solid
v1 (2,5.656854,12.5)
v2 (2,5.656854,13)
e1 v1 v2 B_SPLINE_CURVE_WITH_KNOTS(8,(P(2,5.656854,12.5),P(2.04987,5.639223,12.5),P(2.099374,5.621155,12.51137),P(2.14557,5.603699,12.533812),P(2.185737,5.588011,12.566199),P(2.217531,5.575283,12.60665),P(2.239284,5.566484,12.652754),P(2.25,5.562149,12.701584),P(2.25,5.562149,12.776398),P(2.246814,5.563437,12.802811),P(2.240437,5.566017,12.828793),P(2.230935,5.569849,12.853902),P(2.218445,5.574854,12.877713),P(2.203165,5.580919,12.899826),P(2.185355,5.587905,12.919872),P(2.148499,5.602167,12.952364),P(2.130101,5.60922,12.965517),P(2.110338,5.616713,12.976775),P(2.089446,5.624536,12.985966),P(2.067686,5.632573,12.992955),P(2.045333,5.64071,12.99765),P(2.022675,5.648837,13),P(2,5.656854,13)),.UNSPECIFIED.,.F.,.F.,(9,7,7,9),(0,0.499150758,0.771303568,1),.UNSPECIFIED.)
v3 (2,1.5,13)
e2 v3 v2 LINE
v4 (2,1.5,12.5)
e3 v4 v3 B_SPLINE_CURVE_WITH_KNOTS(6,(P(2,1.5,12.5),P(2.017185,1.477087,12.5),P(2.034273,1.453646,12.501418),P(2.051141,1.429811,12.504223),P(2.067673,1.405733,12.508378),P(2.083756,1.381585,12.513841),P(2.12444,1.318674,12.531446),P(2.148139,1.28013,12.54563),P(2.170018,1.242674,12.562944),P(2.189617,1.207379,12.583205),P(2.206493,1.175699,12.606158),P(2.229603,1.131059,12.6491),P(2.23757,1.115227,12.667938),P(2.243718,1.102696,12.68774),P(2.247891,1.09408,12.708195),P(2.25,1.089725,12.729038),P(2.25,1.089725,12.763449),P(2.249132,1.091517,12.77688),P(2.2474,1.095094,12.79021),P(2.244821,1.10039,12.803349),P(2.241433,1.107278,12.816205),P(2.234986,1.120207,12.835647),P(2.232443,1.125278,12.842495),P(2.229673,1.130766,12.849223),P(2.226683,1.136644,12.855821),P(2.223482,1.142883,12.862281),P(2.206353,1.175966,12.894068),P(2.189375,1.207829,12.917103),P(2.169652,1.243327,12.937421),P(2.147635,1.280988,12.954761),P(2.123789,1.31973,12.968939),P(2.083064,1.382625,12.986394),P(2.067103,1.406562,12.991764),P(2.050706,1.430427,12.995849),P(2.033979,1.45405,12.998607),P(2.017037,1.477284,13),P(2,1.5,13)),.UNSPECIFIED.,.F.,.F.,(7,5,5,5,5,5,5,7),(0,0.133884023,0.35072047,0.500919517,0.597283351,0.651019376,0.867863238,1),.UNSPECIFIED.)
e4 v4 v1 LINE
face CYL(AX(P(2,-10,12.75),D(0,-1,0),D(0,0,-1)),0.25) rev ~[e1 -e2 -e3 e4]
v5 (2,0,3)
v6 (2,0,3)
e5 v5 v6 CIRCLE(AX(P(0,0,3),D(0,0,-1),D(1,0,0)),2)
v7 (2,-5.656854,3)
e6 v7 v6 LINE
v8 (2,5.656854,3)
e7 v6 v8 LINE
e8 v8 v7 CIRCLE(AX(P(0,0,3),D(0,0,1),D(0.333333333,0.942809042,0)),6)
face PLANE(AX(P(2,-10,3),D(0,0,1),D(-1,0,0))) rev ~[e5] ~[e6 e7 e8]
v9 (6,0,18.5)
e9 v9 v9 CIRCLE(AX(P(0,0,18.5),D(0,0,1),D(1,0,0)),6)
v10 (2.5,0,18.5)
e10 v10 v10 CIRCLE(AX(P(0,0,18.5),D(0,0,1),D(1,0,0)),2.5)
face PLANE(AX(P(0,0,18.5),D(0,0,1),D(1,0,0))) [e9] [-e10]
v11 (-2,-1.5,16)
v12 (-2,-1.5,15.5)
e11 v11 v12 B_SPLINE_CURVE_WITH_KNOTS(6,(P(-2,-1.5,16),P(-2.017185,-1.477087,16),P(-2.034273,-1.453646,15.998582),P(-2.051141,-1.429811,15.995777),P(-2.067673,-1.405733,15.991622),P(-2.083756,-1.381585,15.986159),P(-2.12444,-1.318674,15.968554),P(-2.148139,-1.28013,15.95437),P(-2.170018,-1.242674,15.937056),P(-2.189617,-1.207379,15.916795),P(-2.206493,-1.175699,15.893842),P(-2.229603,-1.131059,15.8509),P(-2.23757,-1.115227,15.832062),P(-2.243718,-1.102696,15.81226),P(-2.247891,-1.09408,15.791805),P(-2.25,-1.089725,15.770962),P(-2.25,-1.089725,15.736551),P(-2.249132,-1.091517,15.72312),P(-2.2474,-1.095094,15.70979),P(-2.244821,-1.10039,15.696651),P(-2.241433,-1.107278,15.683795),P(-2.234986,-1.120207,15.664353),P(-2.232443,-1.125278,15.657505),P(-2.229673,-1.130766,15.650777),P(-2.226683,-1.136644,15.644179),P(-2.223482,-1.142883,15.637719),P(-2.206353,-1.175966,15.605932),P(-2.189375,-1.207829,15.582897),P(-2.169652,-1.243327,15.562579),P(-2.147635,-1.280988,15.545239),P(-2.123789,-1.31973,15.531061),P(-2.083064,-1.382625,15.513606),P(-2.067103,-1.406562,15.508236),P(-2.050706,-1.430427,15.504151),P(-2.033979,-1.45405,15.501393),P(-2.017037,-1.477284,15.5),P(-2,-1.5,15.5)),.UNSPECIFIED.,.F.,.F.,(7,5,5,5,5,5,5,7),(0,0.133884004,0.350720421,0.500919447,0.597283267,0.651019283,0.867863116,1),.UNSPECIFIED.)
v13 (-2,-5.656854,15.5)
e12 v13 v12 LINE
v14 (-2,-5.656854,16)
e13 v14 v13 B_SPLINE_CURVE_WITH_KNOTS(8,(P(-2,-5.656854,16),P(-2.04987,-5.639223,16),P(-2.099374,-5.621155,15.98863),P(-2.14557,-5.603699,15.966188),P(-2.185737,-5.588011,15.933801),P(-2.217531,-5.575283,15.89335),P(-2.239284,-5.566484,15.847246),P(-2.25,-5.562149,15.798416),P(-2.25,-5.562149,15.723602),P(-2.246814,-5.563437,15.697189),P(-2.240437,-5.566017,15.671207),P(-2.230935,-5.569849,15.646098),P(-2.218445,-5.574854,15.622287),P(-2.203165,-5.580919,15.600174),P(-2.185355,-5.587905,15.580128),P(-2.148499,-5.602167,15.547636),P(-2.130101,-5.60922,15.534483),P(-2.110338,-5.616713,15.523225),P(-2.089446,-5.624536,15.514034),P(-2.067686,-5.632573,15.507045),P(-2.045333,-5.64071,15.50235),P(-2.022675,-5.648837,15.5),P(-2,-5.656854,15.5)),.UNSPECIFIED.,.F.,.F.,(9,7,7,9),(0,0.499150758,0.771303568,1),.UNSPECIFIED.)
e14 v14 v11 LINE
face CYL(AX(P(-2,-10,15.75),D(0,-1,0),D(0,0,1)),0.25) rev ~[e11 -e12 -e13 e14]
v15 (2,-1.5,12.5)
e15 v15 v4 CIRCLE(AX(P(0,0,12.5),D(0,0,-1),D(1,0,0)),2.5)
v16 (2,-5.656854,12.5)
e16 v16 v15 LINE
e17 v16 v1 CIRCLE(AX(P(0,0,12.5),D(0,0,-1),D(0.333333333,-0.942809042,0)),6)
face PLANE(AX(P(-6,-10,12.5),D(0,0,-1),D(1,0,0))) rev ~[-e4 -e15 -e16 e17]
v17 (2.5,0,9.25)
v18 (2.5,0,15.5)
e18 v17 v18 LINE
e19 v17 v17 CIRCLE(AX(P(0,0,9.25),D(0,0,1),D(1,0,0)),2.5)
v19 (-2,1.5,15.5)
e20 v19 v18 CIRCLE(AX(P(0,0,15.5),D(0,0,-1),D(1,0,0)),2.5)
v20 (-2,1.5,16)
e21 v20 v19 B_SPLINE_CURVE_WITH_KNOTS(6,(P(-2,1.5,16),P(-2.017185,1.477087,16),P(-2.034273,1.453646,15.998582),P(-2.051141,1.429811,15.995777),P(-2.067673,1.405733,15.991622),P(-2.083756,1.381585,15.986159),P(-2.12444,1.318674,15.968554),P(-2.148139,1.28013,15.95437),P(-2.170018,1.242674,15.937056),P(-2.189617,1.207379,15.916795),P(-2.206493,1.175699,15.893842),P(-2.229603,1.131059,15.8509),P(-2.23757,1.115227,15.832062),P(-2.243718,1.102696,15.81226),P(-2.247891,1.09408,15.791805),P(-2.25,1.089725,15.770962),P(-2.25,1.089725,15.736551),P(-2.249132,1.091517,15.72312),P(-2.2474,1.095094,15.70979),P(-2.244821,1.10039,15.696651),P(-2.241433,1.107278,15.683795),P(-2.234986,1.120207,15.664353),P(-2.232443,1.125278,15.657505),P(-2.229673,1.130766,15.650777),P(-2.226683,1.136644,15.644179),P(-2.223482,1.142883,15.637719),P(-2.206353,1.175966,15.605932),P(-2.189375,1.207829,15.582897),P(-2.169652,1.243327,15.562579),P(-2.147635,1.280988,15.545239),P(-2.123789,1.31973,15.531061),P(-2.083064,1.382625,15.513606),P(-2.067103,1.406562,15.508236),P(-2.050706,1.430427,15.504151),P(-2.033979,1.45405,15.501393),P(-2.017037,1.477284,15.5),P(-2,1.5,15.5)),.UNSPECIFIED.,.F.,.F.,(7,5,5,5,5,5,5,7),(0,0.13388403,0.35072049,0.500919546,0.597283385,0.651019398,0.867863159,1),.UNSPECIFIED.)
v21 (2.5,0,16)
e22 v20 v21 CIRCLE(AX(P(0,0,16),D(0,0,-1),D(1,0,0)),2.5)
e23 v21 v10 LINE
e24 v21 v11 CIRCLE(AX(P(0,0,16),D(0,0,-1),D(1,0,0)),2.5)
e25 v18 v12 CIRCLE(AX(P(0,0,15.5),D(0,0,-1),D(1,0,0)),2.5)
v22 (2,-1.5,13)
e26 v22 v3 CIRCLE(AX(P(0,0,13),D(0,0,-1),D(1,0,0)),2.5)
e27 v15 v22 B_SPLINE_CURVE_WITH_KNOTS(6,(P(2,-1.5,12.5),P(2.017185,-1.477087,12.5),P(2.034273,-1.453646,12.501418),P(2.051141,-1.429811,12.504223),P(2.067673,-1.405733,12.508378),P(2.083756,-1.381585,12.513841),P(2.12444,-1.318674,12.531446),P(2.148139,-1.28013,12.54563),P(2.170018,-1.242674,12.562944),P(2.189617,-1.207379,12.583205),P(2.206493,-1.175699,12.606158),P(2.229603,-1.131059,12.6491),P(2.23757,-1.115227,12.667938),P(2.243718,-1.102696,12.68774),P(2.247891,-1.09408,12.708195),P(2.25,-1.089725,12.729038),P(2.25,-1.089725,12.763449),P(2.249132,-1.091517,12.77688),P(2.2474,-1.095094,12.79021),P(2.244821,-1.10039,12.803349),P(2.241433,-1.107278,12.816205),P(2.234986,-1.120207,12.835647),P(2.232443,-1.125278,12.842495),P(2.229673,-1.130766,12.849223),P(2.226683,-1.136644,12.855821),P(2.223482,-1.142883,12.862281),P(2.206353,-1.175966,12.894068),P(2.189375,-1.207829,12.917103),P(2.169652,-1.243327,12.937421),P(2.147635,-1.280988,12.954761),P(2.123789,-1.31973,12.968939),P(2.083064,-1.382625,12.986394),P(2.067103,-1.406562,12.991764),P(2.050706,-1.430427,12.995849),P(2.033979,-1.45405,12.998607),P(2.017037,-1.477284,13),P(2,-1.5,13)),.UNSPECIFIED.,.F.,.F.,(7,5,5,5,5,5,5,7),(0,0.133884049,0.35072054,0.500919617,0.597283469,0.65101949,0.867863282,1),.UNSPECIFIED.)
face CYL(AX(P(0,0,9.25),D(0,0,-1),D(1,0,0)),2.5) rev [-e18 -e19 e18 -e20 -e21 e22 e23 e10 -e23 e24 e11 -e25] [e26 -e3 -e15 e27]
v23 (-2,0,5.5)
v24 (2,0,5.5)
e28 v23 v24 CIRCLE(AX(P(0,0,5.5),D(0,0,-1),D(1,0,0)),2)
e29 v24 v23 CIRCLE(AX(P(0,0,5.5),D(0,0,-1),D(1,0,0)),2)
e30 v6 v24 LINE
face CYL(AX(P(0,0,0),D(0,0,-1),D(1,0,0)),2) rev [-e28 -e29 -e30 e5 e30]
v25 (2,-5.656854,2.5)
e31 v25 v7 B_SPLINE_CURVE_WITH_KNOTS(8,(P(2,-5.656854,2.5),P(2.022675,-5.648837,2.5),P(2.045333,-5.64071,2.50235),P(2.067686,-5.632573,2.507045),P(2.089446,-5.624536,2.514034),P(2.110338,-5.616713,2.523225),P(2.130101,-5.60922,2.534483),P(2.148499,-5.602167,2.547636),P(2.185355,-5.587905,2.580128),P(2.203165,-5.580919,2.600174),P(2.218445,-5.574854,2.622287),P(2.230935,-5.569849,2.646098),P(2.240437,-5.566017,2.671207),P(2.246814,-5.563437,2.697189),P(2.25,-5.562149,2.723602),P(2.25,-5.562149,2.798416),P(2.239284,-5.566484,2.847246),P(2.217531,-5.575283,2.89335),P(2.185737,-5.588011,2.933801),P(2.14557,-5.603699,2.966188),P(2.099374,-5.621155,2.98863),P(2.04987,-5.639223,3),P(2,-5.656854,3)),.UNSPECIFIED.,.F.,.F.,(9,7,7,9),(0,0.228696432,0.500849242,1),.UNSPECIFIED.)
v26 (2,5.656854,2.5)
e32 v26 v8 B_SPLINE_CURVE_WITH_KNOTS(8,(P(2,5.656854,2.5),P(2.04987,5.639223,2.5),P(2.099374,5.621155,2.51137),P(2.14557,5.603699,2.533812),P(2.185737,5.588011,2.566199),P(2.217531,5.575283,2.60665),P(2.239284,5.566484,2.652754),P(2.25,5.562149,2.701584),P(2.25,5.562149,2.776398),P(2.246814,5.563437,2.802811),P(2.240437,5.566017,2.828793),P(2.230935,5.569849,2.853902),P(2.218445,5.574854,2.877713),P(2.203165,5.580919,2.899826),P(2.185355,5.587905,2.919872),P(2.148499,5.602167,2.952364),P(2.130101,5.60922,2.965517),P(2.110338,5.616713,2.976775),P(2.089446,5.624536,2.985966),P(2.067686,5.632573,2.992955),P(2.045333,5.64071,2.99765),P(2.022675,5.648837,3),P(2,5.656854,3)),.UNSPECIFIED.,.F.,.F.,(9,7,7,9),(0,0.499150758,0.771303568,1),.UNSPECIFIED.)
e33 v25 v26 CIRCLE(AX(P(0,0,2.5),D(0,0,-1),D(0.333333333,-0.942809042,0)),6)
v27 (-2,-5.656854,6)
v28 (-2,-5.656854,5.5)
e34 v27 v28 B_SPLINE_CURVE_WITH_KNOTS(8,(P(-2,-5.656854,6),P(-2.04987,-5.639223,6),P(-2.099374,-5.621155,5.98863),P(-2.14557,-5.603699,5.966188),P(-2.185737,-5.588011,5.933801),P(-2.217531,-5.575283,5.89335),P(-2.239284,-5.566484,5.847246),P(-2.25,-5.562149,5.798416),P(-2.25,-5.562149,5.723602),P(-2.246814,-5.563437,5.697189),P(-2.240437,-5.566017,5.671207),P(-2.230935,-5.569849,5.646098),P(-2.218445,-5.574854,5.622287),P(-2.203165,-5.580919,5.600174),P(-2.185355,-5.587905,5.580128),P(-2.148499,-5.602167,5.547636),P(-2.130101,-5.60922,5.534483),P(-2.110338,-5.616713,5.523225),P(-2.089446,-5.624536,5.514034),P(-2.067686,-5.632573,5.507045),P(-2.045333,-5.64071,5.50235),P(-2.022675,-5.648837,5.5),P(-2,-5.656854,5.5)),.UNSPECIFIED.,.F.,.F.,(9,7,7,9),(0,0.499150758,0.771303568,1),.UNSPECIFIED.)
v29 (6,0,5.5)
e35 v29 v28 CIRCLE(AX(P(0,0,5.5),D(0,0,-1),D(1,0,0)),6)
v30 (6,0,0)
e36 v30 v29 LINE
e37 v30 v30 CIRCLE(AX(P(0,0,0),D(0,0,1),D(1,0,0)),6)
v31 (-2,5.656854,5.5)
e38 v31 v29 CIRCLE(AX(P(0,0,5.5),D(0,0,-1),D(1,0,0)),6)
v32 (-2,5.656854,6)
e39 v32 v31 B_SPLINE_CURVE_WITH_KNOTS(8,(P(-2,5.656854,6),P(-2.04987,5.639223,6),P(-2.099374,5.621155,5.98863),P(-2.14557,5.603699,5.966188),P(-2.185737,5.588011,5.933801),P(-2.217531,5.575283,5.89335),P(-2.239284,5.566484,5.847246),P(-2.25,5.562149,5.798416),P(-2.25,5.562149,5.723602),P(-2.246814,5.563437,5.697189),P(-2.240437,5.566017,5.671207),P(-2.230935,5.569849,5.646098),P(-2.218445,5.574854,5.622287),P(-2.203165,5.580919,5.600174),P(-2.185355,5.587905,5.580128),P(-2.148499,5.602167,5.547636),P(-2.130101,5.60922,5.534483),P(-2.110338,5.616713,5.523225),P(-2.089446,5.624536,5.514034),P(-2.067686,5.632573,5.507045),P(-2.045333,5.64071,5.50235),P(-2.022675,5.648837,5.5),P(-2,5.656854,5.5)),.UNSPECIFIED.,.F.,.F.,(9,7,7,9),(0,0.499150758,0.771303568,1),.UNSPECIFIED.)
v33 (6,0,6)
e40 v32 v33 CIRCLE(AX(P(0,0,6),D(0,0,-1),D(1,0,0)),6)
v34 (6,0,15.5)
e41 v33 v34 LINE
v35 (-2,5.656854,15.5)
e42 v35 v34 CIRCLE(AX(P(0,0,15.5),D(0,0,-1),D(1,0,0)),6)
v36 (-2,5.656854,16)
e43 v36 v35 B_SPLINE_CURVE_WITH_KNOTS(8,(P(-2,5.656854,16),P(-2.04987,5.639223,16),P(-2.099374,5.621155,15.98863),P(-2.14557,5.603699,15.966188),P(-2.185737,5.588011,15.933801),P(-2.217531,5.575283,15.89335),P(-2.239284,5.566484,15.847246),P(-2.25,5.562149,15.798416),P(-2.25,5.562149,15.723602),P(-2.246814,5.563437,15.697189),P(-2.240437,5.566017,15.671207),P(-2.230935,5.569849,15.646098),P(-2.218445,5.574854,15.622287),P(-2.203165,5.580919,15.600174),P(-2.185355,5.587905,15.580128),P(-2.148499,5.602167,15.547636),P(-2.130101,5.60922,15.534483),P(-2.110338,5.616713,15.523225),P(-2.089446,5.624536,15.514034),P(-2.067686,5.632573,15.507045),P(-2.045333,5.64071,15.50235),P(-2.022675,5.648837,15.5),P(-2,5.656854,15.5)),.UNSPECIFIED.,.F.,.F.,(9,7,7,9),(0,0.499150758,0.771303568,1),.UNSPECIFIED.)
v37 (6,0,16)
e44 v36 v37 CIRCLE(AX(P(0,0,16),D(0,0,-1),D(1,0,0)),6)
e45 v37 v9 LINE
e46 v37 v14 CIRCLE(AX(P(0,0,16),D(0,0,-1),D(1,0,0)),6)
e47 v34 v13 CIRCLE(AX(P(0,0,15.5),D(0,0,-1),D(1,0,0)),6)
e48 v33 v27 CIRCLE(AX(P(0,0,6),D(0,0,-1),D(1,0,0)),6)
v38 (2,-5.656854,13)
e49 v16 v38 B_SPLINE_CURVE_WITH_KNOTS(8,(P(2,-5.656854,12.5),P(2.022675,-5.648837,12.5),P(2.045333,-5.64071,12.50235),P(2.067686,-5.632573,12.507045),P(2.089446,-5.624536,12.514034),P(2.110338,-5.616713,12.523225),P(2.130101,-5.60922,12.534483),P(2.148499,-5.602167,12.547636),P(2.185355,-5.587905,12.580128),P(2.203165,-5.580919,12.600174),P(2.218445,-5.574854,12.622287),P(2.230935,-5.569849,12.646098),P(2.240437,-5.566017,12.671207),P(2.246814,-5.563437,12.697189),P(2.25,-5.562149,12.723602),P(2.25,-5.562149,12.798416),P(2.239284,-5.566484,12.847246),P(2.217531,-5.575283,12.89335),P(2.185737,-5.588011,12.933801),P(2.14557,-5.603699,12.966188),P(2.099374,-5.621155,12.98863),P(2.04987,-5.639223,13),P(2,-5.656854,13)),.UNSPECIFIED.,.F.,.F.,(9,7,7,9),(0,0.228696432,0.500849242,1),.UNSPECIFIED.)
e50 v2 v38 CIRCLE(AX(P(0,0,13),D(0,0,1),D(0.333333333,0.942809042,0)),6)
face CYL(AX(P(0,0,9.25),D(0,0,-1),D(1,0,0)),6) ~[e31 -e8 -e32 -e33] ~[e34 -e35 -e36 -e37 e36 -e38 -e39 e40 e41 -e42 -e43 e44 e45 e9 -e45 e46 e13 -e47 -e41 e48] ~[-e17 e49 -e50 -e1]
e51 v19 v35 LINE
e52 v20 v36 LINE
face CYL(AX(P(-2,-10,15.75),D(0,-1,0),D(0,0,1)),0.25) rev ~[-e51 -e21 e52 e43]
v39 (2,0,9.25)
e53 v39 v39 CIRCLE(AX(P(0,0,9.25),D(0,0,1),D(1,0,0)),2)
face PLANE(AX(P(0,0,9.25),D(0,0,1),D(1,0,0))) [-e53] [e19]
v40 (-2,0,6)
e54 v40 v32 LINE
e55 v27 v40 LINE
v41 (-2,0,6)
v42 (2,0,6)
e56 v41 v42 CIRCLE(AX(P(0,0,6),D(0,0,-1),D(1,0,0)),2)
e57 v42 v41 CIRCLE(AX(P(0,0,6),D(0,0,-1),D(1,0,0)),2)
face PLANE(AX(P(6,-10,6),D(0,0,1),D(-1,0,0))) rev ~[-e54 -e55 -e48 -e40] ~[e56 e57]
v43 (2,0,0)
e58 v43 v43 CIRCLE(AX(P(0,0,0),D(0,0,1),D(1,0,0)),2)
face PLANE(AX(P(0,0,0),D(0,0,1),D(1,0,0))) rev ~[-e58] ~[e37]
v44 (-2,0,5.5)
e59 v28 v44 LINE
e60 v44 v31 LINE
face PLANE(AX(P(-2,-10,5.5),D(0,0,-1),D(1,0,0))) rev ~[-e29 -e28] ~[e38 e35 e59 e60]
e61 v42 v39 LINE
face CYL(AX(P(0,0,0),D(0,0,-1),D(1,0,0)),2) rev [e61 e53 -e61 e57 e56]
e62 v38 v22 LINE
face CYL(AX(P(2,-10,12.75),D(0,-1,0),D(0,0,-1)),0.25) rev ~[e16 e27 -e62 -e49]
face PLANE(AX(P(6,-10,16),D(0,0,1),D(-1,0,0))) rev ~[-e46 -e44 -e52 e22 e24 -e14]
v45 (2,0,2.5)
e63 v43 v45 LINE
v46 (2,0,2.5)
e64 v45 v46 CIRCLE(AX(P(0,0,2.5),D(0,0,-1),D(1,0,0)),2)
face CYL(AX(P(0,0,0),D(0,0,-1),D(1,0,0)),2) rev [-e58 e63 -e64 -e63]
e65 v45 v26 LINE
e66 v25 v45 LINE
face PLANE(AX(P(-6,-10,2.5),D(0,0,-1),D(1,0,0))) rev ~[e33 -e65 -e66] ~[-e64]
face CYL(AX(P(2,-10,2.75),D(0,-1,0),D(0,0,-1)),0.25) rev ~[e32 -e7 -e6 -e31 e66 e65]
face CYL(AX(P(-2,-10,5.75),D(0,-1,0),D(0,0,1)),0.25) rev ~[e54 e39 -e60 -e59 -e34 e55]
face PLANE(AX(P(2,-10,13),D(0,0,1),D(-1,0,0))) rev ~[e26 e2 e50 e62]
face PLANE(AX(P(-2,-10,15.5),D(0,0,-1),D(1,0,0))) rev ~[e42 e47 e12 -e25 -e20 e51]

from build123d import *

# Parameters (mm, degrees)
SKETCH_1_R               = 6
SKETCH_1_R_2             = 2
EXTRUDE_1_DEPTH          = 9.25
SKETCH_2_R               = 6
SKETCH_2_R_2             = 2.5
EXTRUDE_2_DEPTH          = 9.25
CUT_EXTRUDE_1_DEPTH      = 10
CUT_EXTRUDE_1_DEPTH_BACK = 10


with BuildPart() as part:
    # 스케치1 → 보스-돌출1 (new body)
    with BuildSketch(Plane.XY):
        Circle(SKETCH_1_R)
        Circle(SKETCH_1_R_2, mode=Mode.SUBTRACT)
    extrude(amount=EXTRUDE_1_DEPTH)

    # 스케치2 → 보스-돌출2 (add)
    with BuildSketch(Plane.XY.offset(9.25)):
        Circle(SKETCH_2_R)
        Circle(SKETCH_2_R_2, mode=Mode.SUBTRACT)
    extrude(amount=EXTRUDE_2_DEPTH)

    # 스케치3 → 컷-돌출1 (cut, two sides: drawn at the far end of the back side and taken through both)
    with BuildSketch(Plane(origin=(0, 0, 0), x_dir=(1, 0, 0), z_dir=(0, 1, 0)).offset(-CUT_EXTRUDE_1_DEPTH_BACK)):
        with BuildLine():
            Line((-6, -2.5), (2, -2.5))
            ThreePointArc((2, -2.5), (2.25, -2.75), (2, -3))
            Line((2, -3), (-6, -3))
            Line((-6, -3), (-6, -2.5))
        make_face()
        with BuildLine():
            Line((-6, -12.5), (2, -12.5))
            ThreePointArc((2, -12.5), (2.25, -12.75), (2, -13))
            Line((2, -13), (-6, -13))
            Line((-6, -13), (-6, -12.5))
        make_face()
        with BuildLine():
            Line((6, -6), (-2, -6))
            ThreePointArc((-2, -6), (-2.25, -5.75), (-2, -5.5))
            Line((-2, -5.5), (6, -5.5))
            Line((6, -5.5), (6, -6))
        make_face()
        with BuildLine():
            Line((6, -16), (-2, -16))
            ThreePointArc((-2, -16), (-2.25, -15.75), (-2, -15.5))
            Line((-2, -15.5), (6, -15.5))
            Line((6, -15.5), (6, -16))
        make_face()
    extrude(amount=CUT_EXTRUDE_1_DEPTH + CUT_EXTRUDE_1_DEPTH_BACK, mode=Mode.SUBTRACT)


solid = part.part
